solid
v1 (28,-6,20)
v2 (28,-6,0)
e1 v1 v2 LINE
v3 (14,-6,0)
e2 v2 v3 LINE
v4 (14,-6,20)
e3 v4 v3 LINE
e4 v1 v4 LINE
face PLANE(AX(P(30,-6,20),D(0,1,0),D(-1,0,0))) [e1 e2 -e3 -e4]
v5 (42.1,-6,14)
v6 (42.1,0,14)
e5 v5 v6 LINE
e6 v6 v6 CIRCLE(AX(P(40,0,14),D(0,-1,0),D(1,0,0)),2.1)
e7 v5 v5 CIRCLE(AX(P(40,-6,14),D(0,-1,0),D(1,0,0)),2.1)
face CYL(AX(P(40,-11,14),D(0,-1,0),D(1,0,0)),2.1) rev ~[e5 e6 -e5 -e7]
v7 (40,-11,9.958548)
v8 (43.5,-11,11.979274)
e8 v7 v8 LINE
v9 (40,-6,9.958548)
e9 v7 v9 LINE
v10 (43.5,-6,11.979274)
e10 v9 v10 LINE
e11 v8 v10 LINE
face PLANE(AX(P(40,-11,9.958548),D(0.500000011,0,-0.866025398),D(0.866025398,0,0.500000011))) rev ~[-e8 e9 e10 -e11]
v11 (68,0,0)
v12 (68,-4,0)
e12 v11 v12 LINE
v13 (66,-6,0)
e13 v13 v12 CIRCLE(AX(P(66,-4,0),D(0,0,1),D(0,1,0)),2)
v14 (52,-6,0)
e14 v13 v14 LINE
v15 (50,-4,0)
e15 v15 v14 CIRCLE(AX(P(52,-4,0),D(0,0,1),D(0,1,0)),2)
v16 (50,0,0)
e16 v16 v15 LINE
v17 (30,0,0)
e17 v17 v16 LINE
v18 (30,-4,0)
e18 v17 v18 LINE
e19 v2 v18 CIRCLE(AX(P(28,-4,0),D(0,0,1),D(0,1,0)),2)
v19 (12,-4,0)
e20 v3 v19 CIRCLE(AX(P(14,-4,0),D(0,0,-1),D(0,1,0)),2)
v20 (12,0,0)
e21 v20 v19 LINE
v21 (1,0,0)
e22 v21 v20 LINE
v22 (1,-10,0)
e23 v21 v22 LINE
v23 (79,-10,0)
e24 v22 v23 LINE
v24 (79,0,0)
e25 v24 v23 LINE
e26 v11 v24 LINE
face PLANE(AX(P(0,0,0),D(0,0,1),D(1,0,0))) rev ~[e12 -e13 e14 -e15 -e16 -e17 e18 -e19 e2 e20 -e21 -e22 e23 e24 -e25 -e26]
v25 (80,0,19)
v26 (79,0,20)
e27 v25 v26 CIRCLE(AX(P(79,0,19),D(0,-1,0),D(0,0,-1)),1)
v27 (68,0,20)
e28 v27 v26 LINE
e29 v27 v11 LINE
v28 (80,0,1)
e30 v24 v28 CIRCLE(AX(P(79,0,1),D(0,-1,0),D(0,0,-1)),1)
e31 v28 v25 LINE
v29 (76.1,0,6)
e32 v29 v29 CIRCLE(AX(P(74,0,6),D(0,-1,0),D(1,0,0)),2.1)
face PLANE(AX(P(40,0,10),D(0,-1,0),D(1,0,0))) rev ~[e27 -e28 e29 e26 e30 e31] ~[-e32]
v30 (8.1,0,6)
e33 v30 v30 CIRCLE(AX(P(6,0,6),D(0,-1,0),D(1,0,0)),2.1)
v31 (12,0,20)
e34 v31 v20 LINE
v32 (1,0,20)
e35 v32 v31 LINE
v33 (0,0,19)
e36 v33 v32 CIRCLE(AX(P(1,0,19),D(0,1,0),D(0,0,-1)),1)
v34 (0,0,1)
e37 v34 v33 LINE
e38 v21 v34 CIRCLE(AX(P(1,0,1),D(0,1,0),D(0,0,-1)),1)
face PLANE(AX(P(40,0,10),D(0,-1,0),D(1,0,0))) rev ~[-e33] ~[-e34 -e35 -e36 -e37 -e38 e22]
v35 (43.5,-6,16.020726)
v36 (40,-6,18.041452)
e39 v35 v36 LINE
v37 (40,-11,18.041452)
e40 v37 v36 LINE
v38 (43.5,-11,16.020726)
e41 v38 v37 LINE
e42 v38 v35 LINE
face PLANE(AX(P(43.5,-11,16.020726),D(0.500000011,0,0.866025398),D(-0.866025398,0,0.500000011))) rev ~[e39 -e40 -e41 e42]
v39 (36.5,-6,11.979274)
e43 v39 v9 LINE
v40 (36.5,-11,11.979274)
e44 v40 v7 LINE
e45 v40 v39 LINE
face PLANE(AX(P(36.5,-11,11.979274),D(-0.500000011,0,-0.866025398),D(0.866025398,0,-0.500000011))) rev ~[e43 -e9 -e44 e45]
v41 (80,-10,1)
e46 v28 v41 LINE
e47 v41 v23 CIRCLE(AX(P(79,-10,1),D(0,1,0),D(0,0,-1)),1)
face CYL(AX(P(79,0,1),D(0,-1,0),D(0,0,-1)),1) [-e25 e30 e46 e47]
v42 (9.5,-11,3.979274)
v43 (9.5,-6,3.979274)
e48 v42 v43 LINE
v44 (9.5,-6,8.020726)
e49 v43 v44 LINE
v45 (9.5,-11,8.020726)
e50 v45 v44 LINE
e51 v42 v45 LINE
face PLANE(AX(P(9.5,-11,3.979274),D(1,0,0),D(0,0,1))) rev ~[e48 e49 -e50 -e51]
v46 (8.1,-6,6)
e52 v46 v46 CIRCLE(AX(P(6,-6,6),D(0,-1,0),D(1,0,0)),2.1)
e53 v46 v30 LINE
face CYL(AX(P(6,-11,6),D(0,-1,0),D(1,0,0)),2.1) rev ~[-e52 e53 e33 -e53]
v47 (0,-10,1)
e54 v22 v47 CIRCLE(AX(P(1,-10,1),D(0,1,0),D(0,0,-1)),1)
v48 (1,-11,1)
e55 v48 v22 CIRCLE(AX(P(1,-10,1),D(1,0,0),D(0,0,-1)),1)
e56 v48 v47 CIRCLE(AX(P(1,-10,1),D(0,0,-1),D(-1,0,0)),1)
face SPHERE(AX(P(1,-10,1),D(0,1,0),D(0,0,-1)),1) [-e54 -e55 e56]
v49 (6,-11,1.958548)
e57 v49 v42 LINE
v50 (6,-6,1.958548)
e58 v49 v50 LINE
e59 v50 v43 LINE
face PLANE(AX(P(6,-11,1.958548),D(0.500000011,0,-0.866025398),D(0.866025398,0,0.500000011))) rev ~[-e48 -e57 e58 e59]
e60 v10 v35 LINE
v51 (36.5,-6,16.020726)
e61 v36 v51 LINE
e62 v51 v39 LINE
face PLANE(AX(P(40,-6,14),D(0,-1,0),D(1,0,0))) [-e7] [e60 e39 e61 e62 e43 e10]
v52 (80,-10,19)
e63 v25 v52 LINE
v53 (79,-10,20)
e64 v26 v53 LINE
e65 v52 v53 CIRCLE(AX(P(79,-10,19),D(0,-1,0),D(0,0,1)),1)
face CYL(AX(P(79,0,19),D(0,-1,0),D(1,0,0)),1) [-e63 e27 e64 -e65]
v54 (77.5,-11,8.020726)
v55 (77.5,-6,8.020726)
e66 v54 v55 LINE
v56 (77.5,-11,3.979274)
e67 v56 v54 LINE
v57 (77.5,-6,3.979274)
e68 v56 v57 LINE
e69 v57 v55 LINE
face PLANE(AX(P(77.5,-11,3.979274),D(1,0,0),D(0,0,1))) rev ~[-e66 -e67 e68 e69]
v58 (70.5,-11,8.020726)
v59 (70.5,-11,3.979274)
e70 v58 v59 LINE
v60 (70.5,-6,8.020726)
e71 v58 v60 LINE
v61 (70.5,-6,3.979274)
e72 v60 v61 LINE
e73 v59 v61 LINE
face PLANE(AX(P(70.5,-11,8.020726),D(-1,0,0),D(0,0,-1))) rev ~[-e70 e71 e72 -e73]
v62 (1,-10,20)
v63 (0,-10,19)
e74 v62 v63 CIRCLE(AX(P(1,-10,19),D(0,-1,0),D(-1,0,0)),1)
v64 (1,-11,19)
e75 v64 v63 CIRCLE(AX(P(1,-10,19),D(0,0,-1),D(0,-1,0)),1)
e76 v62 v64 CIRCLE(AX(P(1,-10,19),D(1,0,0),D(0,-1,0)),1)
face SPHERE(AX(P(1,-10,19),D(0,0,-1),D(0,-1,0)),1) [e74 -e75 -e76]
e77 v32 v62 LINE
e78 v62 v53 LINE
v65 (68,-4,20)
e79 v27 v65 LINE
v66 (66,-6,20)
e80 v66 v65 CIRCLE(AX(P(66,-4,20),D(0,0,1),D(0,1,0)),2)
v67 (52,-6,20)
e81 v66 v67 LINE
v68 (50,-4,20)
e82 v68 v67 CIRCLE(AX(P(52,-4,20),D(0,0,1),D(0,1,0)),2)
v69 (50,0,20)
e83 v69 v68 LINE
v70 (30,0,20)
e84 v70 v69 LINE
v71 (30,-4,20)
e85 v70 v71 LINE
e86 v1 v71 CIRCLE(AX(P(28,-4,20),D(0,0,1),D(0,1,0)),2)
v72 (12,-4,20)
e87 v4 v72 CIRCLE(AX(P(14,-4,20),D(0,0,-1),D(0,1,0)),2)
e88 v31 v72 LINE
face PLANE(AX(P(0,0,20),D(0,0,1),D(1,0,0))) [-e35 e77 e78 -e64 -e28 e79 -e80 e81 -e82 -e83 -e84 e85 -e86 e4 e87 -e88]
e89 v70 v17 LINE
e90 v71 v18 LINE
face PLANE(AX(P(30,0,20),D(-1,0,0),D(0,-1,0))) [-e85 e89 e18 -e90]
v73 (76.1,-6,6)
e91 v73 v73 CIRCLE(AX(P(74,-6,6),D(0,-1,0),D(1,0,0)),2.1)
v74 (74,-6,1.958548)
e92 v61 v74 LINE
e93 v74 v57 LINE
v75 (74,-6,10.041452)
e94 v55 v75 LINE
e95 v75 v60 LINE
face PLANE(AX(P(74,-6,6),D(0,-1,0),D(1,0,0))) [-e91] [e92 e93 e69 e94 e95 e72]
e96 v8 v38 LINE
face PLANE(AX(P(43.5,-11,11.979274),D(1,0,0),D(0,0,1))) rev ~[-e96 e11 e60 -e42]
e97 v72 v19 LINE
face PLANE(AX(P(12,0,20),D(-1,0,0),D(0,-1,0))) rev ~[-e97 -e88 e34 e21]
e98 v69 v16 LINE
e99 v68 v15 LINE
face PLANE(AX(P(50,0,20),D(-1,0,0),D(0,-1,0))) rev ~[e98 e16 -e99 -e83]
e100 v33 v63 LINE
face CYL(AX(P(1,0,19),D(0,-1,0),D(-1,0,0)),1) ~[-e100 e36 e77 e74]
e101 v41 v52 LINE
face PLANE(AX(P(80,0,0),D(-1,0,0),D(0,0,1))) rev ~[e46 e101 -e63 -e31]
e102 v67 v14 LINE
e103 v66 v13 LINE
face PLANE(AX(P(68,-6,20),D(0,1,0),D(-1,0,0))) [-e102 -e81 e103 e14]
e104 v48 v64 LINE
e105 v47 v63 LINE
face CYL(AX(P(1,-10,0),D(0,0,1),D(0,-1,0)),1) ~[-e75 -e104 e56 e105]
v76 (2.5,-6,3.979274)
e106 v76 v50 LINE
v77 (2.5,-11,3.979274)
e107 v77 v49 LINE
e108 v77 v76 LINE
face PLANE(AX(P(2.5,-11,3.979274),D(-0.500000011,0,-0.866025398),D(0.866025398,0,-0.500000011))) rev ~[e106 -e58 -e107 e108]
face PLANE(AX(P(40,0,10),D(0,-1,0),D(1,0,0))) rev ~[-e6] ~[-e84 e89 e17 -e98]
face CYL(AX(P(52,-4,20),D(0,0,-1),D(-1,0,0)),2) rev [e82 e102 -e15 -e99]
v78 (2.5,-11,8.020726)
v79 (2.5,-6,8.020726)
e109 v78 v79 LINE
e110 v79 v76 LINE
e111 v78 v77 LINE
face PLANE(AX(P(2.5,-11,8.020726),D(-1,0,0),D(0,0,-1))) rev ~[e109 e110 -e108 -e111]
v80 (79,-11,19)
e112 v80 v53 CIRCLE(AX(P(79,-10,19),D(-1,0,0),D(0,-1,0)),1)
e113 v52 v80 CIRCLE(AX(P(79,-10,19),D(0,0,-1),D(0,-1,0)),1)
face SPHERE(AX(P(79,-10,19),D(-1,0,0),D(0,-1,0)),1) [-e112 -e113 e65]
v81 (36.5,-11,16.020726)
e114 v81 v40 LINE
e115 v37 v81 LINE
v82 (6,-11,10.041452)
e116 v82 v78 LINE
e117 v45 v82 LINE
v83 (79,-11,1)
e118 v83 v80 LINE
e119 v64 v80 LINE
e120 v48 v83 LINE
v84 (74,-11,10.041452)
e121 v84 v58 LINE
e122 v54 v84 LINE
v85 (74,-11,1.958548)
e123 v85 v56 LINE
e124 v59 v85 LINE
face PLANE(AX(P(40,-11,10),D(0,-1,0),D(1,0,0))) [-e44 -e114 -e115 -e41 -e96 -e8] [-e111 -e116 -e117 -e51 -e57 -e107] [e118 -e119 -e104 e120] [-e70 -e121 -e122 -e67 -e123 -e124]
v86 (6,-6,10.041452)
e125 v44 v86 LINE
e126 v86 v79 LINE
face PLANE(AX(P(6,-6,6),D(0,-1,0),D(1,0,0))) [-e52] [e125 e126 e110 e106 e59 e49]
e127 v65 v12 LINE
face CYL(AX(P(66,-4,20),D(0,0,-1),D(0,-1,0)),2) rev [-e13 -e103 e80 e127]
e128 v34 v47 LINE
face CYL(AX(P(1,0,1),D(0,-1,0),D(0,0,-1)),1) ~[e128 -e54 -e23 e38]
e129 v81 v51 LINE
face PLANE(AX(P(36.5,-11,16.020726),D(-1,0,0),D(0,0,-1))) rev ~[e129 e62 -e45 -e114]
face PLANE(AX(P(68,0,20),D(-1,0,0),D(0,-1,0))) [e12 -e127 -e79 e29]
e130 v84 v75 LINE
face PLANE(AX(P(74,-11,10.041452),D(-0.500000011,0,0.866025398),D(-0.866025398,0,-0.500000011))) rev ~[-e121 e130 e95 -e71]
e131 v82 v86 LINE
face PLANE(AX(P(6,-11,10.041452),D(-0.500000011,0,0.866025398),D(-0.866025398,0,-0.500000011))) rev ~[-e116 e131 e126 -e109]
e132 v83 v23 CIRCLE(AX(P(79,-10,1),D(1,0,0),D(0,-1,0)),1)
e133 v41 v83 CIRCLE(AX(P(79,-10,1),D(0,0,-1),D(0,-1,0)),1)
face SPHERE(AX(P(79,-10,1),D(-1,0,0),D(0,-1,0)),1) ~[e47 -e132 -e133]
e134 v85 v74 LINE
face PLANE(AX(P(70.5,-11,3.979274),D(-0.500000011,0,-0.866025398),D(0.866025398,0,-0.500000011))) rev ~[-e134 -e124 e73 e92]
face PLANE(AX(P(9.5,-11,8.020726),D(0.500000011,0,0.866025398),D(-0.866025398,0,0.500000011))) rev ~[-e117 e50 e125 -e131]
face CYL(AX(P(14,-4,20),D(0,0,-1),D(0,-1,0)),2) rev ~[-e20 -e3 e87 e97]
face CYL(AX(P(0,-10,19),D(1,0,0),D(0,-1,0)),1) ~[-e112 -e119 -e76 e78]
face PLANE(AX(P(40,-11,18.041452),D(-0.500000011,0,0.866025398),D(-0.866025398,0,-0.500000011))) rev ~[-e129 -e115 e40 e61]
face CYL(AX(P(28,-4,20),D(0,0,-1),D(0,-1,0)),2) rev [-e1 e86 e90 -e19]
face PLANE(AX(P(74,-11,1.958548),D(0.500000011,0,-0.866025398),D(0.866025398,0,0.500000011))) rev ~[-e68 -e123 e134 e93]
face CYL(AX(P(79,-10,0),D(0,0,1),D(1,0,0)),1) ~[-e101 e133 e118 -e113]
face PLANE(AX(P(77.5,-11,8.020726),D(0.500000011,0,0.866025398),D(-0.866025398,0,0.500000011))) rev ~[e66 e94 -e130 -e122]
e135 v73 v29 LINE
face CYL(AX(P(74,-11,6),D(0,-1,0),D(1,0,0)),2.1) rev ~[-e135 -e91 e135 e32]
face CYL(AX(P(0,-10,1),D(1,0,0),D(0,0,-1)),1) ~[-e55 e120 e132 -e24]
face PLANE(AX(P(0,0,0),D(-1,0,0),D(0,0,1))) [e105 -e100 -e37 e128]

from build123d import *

# Parameters (mm, degrees)
SKETCH_W        = 80
SKETCH_H        = 20
PAD_DEPTH       = 11
SKETCH001_R     = 2.1
POCKET_DEPTH    = 11.001
POCKET001_DEPTH = 5
SKETCH003_W     = 18
SKETCH003_H     = 6
POCKET002_DEPTH = 20.001
FILLET_R        = 2
FILLET001_R     = 2
FILLET002_R     = 2
FILLET003_R     = 2
FILLET004_R     = 1


with BuildPart() as part:
    # Sketch → Pad (new body)
    with BuildSketch(Plane.XZ):
        with Locations((40, 10)):
            Rectangle(SKETCH_W, SKETCH_H)
    extrude(amount=PAD_DEPTH)

    # Sketch001 (on Face6 of Pad) → Pocket (cut, through all)
    with BuildSketch(Plane.XZ.offset(11)):
        with Locations((6, 6)):
            Circle(SKETCH001_R)
        with Locations((40, 14)):
            Circle(SKETCH001_R)
        with Locations((74, 6)):
            Circle(SKETCH001_R)
    extrude(amount=-POCKET_DEPTH, mode=Mode.SUBTRACT)

    # Sketch002 (on Face5 of Pocket) → Pocket001 (cut)
    with BuildSketch(Plane.XZ.offset(11)):
        Polygon((9.5, 3.979274), (9.5, 8.020726), (6, 10.041452), (2.5, 8.020726), (2.5, 3.979274), (6, 1.958548), align=None)
        Polygon((40, 9.958548), (43.5, 11.979274), (43.5, 16.020726), (40, 18.041452), (36.5, 16.020726), (36.5, 11.979274), align=None)
        Polygon((77.5, 3.979274), (77.5, 8.020726), (74, 10.041452), (70.5, 8.020726), (70.5, 3.979274), (74, 1.958548), align=None)
    extrude(amount=-POCKET001_DEPTH, mode=Mode.SUBTRACT)

    # Sketch003 (on Face6 of Pocket001) → Pocket002 (cut, through all)
    with BuildSketch(Plane(origin=(0, 0, 20), x_dir=(-1, 0, 0), z_dir=(0, 0, 1))):
        with Locations((-59, 3)):
            Rectangle(SKETCH003_W, SKETCH003_H)
        with Locations((-21, 3)):
            Rectangle(SKETCH003_W, SKETCH003_H)
    extrude(amount=-POCKET002_DEPTH, mode=Mode.SUBTRACT)

    # Fillet
    fillet_edges = [part.edges().sort_by_distance(p)[0] for p in [
        (50, -6, 10),
    ]]
    fillet(fillet_edges, radius=FILLET_R)

    # Fillet001
    fillet001_edges = [part.edges().sort_by_distance(p)[0] for p in [
        (12, -6, 10),
    ]]
    fillet(fillet001_edges, radius=FILLET001_R)

    # Fillet002
    fillet002_edges = [part.edges().sort_by_distance(p)[0] for p in [
        (30, -6, 10),
    ]]
    fillet(fillet002_edges, radius=FILLET002_R)

    # Fillet003
    fillet003_edges = [part.edges().sort_by_distance(p)[0] for p in [
        (68, -6, 10),
    ]]
    fillet(fillet003_edges, radius=FILLET003_R)

    # Fillet004
    fillet004_edges = [part.edges().sort_by_distance(p)[0] for p in [
        (0, -5.5, 0),
        (40, -11, 0),
        (0, -11, 10),
        (40, -11, 20),
        (80, -11, 10),
        (80, -5.5, 0),
        (80, -5.5, 20),
        (0, -5.5, 20),
    ]]
    fillet(fillet004_edges, radius=FILLET004_R)


solid = part.part
